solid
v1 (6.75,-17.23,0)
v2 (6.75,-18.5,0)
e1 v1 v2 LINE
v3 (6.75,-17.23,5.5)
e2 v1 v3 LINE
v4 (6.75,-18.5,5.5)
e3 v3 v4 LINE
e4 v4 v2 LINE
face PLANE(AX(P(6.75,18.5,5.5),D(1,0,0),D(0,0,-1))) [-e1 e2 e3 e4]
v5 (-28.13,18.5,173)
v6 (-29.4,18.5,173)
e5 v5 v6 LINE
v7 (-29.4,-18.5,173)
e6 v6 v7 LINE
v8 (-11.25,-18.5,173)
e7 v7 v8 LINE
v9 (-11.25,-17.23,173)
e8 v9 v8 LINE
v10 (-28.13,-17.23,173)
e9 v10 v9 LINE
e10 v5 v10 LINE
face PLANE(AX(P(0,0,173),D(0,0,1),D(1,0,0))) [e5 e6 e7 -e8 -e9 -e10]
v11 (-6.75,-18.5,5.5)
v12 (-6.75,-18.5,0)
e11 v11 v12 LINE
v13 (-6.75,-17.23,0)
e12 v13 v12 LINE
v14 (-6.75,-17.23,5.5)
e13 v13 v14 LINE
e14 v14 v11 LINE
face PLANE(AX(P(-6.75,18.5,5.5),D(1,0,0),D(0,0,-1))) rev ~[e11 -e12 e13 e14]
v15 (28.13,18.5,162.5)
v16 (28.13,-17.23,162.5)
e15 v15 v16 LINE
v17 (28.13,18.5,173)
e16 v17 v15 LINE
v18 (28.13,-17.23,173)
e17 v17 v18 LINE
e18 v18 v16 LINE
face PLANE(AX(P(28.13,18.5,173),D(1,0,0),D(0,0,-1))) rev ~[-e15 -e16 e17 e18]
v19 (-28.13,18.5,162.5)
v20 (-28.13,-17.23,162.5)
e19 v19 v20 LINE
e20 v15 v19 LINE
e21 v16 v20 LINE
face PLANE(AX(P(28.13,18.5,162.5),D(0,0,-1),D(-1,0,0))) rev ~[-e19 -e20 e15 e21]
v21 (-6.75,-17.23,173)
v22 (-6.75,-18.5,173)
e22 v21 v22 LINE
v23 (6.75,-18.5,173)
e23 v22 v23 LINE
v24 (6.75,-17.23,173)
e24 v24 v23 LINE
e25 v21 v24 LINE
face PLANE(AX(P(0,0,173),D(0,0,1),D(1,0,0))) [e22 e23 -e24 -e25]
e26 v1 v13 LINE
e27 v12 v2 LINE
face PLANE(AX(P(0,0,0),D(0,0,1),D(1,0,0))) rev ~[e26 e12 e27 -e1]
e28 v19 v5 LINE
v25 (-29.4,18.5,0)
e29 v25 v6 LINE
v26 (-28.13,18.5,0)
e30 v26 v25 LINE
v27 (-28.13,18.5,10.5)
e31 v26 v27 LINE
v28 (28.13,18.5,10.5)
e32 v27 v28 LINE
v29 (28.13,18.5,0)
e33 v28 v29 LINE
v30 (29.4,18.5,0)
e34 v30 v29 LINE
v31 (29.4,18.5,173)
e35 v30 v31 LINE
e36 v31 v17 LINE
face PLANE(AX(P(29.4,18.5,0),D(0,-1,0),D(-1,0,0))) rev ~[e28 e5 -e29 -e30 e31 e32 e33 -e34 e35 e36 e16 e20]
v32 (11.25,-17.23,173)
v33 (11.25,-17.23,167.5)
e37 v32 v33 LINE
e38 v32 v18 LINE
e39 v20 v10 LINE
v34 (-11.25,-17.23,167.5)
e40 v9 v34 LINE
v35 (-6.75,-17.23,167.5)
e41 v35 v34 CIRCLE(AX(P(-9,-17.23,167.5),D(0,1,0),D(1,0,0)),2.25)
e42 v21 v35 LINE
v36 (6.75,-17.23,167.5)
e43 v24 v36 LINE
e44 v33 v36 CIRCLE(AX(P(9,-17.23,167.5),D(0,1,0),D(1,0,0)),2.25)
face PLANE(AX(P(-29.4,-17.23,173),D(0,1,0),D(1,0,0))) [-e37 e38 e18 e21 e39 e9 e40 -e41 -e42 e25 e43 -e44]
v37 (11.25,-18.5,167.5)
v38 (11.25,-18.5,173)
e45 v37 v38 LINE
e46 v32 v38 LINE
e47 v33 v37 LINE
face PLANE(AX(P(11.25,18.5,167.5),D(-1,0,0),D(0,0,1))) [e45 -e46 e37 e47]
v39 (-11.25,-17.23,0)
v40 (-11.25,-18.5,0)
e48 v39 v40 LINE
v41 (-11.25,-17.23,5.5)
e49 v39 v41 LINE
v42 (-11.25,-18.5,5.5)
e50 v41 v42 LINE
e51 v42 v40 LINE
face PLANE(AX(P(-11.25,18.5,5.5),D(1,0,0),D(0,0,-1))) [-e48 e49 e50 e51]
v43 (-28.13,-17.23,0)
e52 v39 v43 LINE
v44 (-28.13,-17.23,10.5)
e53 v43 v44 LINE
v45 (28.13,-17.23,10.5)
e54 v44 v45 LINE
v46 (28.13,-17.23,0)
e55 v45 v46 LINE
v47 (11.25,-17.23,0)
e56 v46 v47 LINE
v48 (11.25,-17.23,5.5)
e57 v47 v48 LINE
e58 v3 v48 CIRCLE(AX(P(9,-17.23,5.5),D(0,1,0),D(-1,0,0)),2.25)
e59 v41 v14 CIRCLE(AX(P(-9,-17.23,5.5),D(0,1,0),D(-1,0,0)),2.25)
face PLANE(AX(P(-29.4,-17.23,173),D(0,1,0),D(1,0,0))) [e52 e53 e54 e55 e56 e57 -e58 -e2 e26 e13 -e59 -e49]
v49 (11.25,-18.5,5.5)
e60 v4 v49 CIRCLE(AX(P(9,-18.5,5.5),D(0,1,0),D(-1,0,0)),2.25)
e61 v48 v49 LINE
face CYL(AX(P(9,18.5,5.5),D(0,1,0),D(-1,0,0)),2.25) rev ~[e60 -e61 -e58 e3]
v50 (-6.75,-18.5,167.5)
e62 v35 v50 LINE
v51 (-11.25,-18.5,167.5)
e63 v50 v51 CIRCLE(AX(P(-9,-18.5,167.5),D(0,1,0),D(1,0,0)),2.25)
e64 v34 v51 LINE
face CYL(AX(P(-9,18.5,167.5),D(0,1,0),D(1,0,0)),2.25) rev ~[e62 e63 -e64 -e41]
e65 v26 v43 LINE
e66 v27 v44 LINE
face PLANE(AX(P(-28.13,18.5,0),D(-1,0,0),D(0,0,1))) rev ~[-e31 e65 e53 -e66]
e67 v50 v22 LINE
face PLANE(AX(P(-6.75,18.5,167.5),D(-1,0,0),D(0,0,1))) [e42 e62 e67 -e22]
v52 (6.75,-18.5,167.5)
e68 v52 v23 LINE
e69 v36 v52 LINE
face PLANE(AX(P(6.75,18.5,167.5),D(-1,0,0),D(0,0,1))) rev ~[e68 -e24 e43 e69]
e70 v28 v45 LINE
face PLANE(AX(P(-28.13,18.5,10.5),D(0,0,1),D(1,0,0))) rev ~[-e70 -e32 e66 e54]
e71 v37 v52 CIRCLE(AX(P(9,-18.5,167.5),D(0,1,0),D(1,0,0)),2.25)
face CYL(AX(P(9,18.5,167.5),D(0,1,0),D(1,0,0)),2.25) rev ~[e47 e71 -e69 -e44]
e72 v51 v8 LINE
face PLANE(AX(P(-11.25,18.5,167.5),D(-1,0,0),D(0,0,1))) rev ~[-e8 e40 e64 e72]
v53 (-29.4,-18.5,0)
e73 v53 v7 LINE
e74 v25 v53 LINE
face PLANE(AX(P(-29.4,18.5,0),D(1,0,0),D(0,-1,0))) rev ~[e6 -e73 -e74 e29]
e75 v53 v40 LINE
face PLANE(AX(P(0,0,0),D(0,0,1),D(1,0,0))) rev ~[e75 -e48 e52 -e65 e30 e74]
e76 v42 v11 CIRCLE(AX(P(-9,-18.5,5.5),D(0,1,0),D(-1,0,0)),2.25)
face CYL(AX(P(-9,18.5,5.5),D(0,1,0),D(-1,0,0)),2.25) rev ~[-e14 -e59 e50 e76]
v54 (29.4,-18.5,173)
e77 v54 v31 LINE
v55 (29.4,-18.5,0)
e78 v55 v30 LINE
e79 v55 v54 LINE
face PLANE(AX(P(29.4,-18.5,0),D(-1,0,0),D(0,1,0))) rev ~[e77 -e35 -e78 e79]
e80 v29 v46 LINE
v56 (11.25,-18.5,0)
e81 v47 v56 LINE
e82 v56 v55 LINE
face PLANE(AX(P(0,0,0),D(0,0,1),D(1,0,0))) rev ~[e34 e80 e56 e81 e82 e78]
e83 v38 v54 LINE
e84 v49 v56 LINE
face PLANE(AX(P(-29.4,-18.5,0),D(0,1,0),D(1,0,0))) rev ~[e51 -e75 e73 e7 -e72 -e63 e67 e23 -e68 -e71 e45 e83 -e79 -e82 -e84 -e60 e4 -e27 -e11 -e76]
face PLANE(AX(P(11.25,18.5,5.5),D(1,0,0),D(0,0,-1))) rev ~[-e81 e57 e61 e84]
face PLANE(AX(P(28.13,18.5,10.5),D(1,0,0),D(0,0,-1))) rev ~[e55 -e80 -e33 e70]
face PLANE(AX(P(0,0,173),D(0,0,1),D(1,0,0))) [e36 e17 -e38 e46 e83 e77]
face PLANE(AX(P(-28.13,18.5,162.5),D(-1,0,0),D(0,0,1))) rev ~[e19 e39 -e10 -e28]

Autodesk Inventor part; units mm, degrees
ref_plane "YZ Plane" through (0, 0, 0) normal (1, 0, 0) x (0, 1, 0)
ref_plane "XZ Plane" through (0, 0, 0) normal (0, 1, 0) x (-1, 0, 0)
sketch "Sketch1" plane through (0, 0, 0) normal (0, 0, 1) x (1, 0, 0)
  line L0 (-29.4, -18.5) -> (29.4, -18.5)
  line L1 (29.4, -18.5) -> (29.4, 18.5)
  line L2 (29.4, 18.5) -> (-29.4, 18.5)
  line L3 (-29.4, 18.5) -> (-29.4, -18.5)
  line L4 (-29.4, -18.5) -> (29.4, 18.5) construction
  line L5 (29.4, -18.5) -> (-29.4, 18.5) construction
  point P0 (0, 0)
  dimension "d0" = 58.8
  dimension "d1" = 37
extrude "Extrusion1" add sketch "Sketch1" along normal blind 173
sketch "Sketch2" plane through (-29.4, 18.5, 0) normal (0, 1, 0) x (1, 0, 0)
  line L0 (58.8, -173) -> (0, -173) projected
  line L1 (58.8, 0) -> (0, 0) projected
  arc A0 (22.65, -167.5) -> (18.15, -167.5) centre (20.4, -167.5) ccw
  arc A1 (40.65, -167.5) -> (36.15, -167.5) centre (38.4, -167.5) ccw
  arc A2 (36.15, -5.5) -> (40.65, -5.5) centre (38.4, -5.5) ccw
  arc A3 (18.15, -5.5) -> (22.65, -5.5) centre (20.4, -5.5) ccw
  line L2 (20.4, -167.5) -> (20.4, -5.5) construction
  line L3 (20.4, -5.5) -> (38.4, -5.5) construction
  line L4 (38.4, -5.5) -> (38.4, -167.5) construction
  line L5 (20.4, -167.5) -> (20.4, -173) construction
  line L6 (20.4, -5.5) -> (20.4, 0) construction
  line L7 (20.4, -5.5) -> (0, 0) construction
  line L8 (38.4, -5.5) -> (58.8, 0) construction
  line L9 (36.15, -167.5) -> (36.15, -173)
  line L10 (40.65, -167.5) -> (40.65, -173)
  line L11 (18.15, -167.5) -> (18.15, -173)
  line L12 (22.65, -167.5) -> (22.65, -173)
  line L13 (22.65, -5.5) -> (22.65, 0)
  line L14 (18.15, -5.5) -> (18.15, 0)
  line L15 (40.65, -5.5) -> (40.65, 0)
  line L16 (36.15, -5.5) -> (36.15, 0)
  point P0 (29.4, 0)
  dimension "d4" = 2.25
  dimension "d5" = 162
  dimension "d6" = 18
extrude "Extrusion2" cut sketch "Sketch2" against normal up to surface (37 mm away)
ref_plane "Work Plane1" through (29.4, -17.23, 0) normal (0, -1, 0) x (1, 0, 0)
sketch "Sketch3" plane through (-29.4, 18.5, 173) normal (0, 1, 0) x (1, 0, 0)
  line L0 (0, 173) -> (0, 0) projected
  line L1 (58.8, 173) -> (58.8, 0) projected
  line L2 (57.53, 0) -> (57.53, 10.5)
  line L3 (57.53, 10.5) -> (1.27, 10.5)
  line L4 (1.27, 10.5) -> (1.27, 0)
  line L5 (1.27, 0) -> (57.53, 0)
  line L6 (1.27, 0) -> (0, 0) construction
  line L7 (58.8, 0) -> (57.53, 0) construction
  line L8 (1.27, 162.5) -> (57.53, 162.5)
  line L9 (57.53, 162.5) -> (57.53, 173)
  line L10 (57.53, 173) -> (1.27, 173)
  line L11 (1.27, 173) -> (1.27, 162.5)
  line L12 (1.27, 173) -> (0, 173) construction
  point P0 (29.4, 173)
  dimension "d9" = 1.27
  dimension "d14" = 152
extrude "Extrusion3" cut sketch "Sketch3" against normal up to surface (35.73 mm away)
properties part number "UHP-1500-230"
